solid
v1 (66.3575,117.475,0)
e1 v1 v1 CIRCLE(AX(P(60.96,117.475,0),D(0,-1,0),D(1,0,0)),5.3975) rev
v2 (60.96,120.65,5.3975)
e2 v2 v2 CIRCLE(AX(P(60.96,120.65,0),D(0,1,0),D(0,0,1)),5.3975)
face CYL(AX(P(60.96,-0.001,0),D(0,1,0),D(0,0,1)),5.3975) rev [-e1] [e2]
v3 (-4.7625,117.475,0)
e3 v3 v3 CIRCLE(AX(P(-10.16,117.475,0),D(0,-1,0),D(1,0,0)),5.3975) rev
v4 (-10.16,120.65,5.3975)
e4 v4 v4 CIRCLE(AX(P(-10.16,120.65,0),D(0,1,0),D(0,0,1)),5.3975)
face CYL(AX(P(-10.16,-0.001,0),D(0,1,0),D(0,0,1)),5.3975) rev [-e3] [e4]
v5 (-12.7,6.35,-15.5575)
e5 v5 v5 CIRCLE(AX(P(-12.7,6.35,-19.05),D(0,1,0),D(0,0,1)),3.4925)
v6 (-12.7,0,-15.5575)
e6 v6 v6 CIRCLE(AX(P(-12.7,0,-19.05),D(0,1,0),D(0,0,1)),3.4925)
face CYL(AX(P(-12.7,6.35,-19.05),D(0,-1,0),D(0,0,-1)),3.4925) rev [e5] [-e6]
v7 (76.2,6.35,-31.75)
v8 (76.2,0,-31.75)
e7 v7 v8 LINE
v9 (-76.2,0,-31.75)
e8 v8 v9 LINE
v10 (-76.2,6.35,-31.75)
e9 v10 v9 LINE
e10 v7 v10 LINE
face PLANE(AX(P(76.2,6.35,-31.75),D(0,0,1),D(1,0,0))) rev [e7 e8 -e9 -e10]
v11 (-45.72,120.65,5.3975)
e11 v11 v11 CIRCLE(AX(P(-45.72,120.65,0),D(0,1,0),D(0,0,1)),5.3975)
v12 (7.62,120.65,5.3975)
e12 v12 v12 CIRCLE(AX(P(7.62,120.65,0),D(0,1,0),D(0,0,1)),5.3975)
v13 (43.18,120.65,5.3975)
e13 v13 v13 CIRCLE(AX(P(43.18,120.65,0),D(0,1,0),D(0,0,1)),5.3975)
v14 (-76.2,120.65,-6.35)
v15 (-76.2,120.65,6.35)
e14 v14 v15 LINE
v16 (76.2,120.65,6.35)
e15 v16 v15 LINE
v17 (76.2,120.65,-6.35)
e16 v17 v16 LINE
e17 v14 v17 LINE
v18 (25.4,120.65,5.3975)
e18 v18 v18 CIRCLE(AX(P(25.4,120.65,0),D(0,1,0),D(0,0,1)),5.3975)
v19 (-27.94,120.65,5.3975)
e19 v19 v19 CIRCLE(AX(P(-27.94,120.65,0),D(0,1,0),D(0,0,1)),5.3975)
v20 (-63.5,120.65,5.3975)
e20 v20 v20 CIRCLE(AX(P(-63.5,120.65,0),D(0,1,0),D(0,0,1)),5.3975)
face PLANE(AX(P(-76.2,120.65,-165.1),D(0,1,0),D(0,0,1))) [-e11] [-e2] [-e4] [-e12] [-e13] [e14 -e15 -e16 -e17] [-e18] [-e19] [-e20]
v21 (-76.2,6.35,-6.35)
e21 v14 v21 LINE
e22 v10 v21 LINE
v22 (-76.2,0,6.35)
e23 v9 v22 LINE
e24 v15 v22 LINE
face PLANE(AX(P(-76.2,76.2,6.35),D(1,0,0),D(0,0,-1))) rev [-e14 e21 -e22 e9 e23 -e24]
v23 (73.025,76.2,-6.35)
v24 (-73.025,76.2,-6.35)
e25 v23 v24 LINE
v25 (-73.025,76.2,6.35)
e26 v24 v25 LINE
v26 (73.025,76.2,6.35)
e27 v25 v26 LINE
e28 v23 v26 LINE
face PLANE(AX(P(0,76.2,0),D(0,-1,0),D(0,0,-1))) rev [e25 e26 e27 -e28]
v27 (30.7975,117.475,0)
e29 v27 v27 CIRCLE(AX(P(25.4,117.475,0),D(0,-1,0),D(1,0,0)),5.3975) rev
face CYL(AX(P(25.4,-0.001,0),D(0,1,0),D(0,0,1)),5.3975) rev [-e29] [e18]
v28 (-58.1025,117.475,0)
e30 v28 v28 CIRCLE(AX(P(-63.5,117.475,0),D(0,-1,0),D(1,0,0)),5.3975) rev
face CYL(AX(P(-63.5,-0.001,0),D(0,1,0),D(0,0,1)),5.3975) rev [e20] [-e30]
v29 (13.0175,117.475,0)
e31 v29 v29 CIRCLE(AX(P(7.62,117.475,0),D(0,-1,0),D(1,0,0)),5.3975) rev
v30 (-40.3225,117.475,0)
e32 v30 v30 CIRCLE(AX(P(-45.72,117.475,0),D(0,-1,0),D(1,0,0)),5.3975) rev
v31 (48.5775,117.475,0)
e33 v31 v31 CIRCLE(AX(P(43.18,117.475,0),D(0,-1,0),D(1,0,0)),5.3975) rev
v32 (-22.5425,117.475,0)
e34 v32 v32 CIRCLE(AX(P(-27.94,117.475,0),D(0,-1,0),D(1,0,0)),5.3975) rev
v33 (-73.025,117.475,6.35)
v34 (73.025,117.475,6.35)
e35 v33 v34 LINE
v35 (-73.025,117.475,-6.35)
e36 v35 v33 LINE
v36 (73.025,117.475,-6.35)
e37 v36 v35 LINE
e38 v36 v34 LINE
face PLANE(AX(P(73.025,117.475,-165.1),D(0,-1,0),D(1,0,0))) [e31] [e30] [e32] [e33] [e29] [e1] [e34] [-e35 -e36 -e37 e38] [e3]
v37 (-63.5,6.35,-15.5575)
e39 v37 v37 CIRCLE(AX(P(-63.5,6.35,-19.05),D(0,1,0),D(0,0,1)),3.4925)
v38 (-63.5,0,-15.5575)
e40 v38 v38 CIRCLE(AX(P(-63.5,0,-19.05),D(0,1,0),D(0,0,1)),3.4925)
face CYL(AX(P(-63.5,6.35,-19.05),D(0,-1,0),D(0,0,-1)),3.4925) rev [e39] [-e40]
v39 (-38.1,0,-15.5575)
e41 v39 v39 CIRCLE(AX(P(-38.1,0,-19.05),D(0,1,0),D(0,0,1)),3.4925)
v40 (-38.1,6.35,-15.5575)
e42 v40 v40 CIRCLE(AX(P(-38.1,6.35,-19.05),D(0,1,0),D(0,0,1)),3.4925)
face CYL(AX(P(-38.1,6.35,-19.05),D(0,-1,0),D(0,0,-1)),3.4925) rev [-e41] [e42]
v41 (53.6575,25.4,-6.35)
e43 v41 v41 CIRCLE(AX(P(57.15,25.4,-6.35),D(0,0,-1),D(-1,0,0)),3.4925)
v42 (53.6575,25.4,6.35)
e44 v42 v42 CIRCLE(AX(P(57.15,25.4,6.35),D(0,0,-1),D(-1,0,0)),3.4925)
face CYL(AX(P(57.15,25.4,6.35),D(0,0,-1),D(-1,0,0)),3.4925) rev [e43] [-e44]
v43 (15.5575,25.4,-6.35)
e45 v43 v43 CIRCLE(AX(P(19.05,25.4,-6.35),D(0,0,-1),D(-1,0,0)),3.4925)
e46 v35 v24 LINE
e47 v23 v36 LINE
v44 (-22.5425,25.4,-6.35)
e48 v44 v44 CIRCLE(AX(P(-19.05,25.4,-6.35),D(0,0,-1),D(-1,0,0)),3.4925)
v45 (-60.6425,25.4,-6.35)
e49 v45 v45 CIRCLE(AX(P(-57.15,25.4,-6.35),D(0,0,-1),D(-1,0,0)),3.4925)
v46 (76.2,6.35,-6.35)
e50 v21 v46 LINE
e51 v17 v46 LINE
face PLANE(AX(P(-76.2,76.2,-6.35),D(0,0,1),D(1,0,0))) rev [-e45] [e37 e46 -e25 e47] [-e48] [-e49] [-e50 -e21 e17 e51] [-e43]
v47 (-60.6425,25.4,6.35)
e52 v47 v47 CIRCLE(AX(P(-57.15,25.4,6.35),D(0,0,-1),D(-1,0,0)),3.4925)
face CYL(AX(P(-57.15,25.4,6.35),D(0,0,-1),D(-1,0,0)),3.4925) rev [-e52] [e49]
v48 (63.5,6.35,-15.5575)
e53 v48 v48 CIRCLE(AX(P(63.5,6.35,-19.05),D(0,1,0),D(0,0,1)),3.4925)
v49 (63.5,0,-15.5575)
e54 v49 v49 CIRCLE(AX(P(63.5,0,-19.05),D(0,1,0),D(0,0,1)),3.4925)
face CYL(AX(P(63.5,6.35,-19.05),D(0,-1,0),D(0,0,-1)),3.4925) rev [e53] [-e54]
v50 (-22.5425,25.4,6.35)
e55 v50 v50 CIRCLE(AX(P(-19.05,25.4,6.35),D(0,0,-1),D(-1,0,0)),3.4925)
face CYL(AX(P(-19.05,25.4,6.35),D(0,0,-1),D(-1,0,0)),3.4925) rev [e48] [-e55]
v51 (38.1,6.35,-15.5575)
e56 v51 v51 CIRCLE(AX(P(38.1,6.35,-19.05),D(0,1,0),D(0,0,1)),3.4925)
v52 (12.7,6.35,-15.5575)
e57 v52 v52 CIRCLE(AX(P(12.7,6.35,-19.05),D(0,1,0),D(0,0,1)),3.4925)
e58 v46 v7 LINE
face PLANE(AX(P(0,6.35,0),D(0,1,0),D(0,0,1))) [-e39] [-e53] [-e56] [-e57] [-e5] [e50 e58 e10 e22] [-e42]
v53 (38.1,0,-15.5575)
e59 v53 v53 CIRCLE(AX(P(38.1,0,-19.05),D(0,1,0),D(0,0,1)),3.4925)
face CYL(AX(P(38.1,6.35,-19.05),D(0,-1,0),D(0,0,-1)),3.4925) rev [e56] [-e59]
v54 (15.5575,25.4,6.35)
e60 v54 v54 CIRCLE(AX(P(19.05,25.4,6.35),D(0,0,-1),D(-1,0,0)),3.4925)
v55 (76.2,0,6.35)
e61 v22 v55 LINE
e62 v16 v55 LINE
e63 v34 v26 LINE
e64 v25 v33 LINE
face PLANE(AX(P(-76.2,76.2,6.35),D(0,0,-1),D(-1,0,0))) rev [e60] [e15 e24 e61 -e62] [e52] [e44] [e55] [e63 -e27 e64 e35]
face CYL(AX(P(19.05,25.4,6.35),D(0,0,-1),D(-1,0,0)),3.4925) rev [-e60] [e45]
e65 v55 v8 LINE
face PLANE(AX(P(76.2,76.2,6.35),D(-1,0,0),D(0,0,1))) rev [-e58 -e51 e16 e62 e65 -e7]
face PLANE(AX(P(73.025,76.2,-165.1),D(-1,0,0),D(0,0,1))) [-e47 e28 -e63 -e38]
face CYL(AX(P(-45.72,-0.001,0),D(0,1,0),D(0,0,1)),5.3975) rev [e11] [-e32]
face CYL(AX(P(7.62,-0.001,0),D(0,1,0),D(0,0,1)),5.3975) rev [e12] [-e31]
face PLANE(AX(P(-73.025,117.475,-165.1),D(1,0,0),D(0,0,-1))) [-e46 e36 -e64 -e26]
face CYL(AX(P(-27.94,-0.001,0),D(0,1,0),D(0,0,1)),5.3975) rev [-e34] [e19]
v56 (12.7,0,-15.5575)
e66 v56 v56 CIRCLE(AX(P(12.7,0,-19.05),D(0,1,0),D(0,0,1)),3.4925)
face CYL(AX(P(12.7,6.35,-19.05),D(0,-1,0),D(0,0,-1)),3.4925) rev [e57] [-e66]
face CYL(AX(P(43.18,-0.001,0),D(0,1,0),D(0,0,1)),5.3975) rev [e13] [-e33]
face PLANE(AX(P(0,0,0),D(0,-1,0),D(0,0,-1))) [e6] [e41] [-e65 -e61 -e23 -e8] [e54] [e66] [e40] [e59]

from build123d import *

# Parameters (mm, degrees)
SKETCH1_W           = 152.4
SKETCH1_H           = 12.7
BOSS_EXTRUDE1_DEPTH = 76.2
SKETCH2_R           = 3.4925
BOSS_EXTRUDE4_DEPTH = 6.35
BOSS_EXTRUDE5_DEPTH = 12.7
CUT_EXTRUDE1_REACH  = 148.188
SKETCH4_R           = 5.3975
SKETCH5_R           = 3.4925
CUT_EXTRUDE2_DEPTH  = 145.941445074


with BuildPart() as part:
    # Sketch1 → Boss-Extrude1 (new body)
    with BuildSketch(Plane(origin=(0, 0, 0), x_dir=(1, 0, 0), z_dir=(0, 1, 0))):
        Rectangle(SKETCH1_W, SKETCH1_H)
    extrude(amount=BOSS_EXTRUDE1_DEPTH)

    # Sketch2 → Boss-Extrude4 (add)
    with BuildSketch(Plane(origin=(0, 0, 0), x_dir=(1, 0, 0), z_dir=(0, 1, 0))):
        Polygon((-76.2, 19.05), (-76.2, 6.35), (76.2, 6.35), (76.2, 31.75), (-76.2, 31.75), align=None)
        with Locations(Location((-63.5, 19.05, 0), (0, 0, 270))):
            Circle(SKETCH2_R, mode=Mode.SUBTRACT)
        with Locations(Location((-38.1, 19.05, 0), (0, 0, 270))):
            Circle(SKETCH2_R, mode=Mode.SUBTRACT)
        with Locations(Location((-12.7, 19.05, 0), (0, 0, 270))):
            Circle(SKETCH2_R, mode=Mode.SUBTRACT)
        with Locations(Location((12.7, 19.05, 0), (0, 0, 270))):
            Circle(SKETCH2_R, mode=Mode.SUBTRACT)
        with Locations(Location((38.1, 19.05, 0), (0, 0, 270))):
            Circle(SKETCH2_R, mode=Mode.SUBTRACT)
        with Locations(Location((63.5, 19.05, 0), (0, 0, 270))):
            Circle(SKETCH2_R, mode=Mode.SUBTRACT)
    extrude(amount=BOSS_EXTRUDE4_DEPTH)

    # Sketch3 → Boss-Extrude5 (add)
    with BuildSketch(Plane.XY.offset(6.35)):
        Polygon((-76.2, 76.2), (-76.2, 120.65), (76.2, 120.65), (76.2, 76.2), (73.025, 76.2), (73.025, 117.475), (-73.025, 117.475), (-73.025, 76.2), align=None)
    extrude(amount=-BOSS_EXTRUDE5_DEPTH)

    # Sketch4 → Cut-Extrude1 (cut, up to next)
    with BuildSketch(Plane(origin=(0, 120.65, 0), x_dir=(1, 0, 0), z_dir=(0, 1, 0)), mode=Mode.PRIVATE) as cut_extrude1_sk1:
        with Locations(Location((-63.5, 0, 0), (0, 0, 270))):
            Circle(SKETCH4_R)
    cut_extrude1_tool1 = extrude(cut_extrude1_sk1.sketch, amount=-CUT_EXTRUDE1_REACH, mode=Mode.PRIVATE) & part.part
    # Sketch4 → Cut-Extrude1 (cut, up to next)
    with BuildSketch(Plane(origin=(0, 120.65, 0), x_dir=(1, 0, 0), z_dir=(0, 1, 0)), mode=Mode.PRIVATE) as cut_extrude1_sk2:
        with Locations(Location((-45.72, 0, 0), (0, 0, 270))):
            Circle(SKETCH4_R)
    cut_extrude1_tool2 = extrude(cut_extrude1_sk2.sketch, amount=-CUT_EXTRUDE1_REACH, mode=Mode.PRIVATE) & part.part
    # Sketch4 → Cut-Extrude1 (cut, up to next)
    with BuildSketch(Plane(origin=(0, 120.65, 0), x_dir=(1, 0, 0), z_dir=(0, 1, 0)), mode=Mode.PRIVATE) as cut_extrude1_sk3:
        with Locations(Location((-27.94, 0, 0), (0, 0, 270))):
            Circle(SKETCH4_R)
    cut_extrude1_tool3 = extrude(cut_extrude1_sk3.sketch, amount=-CUT_EXTRUDE1_REACH, mode=Mode.PRIVATE) & part.part
    # Sketch4 → Cut-Extrude1 (cut, up to next)
    with BuildSketch(Plane(origin=(0, 120.65, 0), x_dir=(1, 0, 0), z_dir=(0, 1, 0)), mode=Mode.PRIVATE) as cut_extrude1_sk4:
        with Locations(Location((-10.16, 0, 0), (0, 0, 270))):
            Circle(SKETCH4_R)
    cut_extrude1_tool4 = extrude(cut_extrude1_sk4.sketch, amount=-CUT_EXTRUDE1_REACH, mode=Mode.PRIVATE) & part.part
    # Sketch4 → Cut-Extrude1 (cut, up to next)
    with BuildSketch(Plane(origin=(0, 120.65, 0), x_dir=(1, 0, 0), z_dir=(0, 1, 0)), mode=Mode.PRIVATE) as cut_extrude1_sk5:
        with Locations(Location((7.62, 0, 0), (0, 0, 270))):
            Circle(SKETCH4_R)
    cut_extrude1_tool5 = extrude(cut_extrude1_sk5.sketch, amount=-CUT_EXTRUDE1_REACH, mode=Mode.PRIVATE) & part.part
    # Sketch4 → Cut-Extrude1 (cut, up to next)
    with BuildSketch(Plane(origin=(0, 120.65, 0), x_dir=(1, 0, 0), z_dir=(0, 1, 0)), mode=Mode.PRIVATE) as cut_extrude1_sk6:
        with Locations(Location((25.4, 0, 0), (0, 0, 270))):
            Circle(SKETCH4_R)
    cut_extrude1_tool6 = extrude(cut_extrude1_sk6.sketch, amount=-CUT_EXTRUDE1_REACH, mode=Mode.PRIVATE) & part.part
    # Sketch4 → Cut-Extrude1 (cut, up to next)
    with BuildSketch(Plane(origin=(0, 120.65, 0), x_dir=(1, 0, 0), z_dir=(0, 1, 0)), mode=Mode.PRIVATE) as cut_extrude1_sk7:
        with Locations(Location((43.18, 0, 0), (0, 0, 270))):
            Circle(SKETCH4_R)
    cut_extrude1_tool7 = extrude(cut_extrude1_sk7.sketch, amount=-CUT_EXTRUDE1_REACH, mode=Mode.PRIVATE) & part.part
    # Sketch4 → Cut-Extrude1 (cut, up to next)
    with BuildSketch(Plane(origin=(0, 120.65, 0), x_dir=(1, 0, 0), z_dir=(0, 1, 0)), mode=Mode.PRIVATE) as cut_extrude1_sk8:
        with Locations(Location((60.96, 0, 0), (0, 0, 270))):
            Circle(SKETCH4_R)
    cut_extrude1_tool8 = extrude(cut_extrude1_sk8.sketch, amount=-CUT_EXTRUDE1_REACH, mode=Mode.PRIVATE) & part.part
    add(cut_extrude1_tool1.solids().sort_by_distance((-63.5, 120.65, 0))[0], mode=Mode.SUBTRACT)
    add(cut_extrude1_tool2.solids().sort_by_distance((-45.72, 120.65, 0))[0], mode=Mode.SUBTRACT)
    add(cut_extrude1_tool3.solids().sort_by_distance((-27.94, 120.65, 0))[0], mode=Mode.SUBTRACT)
    add(cut_extrude1_tool4.solids().sort_by_distance((-10.16, 120.65, 0))[0], mode=Mode.SUBTRACT)
    add(cut_extrude1_tool5.solids().sort_by_distance((7.62, 120.65, 0))[0], mode=Mode.SUBTRACT)
    add(cut_extrude1_tool6.solids().sort_by_distance((25.4, 120.65, 0))[0], mode=Mode.SUBTRACT)
    add(cut_extrude1_tool7.solids().sort_by_distance((43.18, 120.65, 0))[0], mode=Mode.SUBTRACT)
    add(cut_extrude1_tool8.solids().sort_by_distance((60.96, 120.65, 0))[0], mode=Mode.SUBTRACT)

    # Sketch5 → Cut-Extrude2 (cut, through all)
    with BuildSketch(Plane(origin=(0, 0, -6.35), x_dir=(-1, 0, 0), z_dir=(0, 0, -1))):
        with Locations((-57.15, 25.4)):
            Circle(SKETCH5_R)
        with Locations((-19.05, 25.4)):
            Circle(SKETCH5_R)
        with Locations((19.05, 25.4)):
            Circle(SKETCH5_R)
        with Locations((57.15, 25.4)):
            Circle(SKETCH5_R)
    extrude(amount=-CUT_EXTRUDE2_DEPTH, mode=Mode.SUBTRACT)


solid = part.part
